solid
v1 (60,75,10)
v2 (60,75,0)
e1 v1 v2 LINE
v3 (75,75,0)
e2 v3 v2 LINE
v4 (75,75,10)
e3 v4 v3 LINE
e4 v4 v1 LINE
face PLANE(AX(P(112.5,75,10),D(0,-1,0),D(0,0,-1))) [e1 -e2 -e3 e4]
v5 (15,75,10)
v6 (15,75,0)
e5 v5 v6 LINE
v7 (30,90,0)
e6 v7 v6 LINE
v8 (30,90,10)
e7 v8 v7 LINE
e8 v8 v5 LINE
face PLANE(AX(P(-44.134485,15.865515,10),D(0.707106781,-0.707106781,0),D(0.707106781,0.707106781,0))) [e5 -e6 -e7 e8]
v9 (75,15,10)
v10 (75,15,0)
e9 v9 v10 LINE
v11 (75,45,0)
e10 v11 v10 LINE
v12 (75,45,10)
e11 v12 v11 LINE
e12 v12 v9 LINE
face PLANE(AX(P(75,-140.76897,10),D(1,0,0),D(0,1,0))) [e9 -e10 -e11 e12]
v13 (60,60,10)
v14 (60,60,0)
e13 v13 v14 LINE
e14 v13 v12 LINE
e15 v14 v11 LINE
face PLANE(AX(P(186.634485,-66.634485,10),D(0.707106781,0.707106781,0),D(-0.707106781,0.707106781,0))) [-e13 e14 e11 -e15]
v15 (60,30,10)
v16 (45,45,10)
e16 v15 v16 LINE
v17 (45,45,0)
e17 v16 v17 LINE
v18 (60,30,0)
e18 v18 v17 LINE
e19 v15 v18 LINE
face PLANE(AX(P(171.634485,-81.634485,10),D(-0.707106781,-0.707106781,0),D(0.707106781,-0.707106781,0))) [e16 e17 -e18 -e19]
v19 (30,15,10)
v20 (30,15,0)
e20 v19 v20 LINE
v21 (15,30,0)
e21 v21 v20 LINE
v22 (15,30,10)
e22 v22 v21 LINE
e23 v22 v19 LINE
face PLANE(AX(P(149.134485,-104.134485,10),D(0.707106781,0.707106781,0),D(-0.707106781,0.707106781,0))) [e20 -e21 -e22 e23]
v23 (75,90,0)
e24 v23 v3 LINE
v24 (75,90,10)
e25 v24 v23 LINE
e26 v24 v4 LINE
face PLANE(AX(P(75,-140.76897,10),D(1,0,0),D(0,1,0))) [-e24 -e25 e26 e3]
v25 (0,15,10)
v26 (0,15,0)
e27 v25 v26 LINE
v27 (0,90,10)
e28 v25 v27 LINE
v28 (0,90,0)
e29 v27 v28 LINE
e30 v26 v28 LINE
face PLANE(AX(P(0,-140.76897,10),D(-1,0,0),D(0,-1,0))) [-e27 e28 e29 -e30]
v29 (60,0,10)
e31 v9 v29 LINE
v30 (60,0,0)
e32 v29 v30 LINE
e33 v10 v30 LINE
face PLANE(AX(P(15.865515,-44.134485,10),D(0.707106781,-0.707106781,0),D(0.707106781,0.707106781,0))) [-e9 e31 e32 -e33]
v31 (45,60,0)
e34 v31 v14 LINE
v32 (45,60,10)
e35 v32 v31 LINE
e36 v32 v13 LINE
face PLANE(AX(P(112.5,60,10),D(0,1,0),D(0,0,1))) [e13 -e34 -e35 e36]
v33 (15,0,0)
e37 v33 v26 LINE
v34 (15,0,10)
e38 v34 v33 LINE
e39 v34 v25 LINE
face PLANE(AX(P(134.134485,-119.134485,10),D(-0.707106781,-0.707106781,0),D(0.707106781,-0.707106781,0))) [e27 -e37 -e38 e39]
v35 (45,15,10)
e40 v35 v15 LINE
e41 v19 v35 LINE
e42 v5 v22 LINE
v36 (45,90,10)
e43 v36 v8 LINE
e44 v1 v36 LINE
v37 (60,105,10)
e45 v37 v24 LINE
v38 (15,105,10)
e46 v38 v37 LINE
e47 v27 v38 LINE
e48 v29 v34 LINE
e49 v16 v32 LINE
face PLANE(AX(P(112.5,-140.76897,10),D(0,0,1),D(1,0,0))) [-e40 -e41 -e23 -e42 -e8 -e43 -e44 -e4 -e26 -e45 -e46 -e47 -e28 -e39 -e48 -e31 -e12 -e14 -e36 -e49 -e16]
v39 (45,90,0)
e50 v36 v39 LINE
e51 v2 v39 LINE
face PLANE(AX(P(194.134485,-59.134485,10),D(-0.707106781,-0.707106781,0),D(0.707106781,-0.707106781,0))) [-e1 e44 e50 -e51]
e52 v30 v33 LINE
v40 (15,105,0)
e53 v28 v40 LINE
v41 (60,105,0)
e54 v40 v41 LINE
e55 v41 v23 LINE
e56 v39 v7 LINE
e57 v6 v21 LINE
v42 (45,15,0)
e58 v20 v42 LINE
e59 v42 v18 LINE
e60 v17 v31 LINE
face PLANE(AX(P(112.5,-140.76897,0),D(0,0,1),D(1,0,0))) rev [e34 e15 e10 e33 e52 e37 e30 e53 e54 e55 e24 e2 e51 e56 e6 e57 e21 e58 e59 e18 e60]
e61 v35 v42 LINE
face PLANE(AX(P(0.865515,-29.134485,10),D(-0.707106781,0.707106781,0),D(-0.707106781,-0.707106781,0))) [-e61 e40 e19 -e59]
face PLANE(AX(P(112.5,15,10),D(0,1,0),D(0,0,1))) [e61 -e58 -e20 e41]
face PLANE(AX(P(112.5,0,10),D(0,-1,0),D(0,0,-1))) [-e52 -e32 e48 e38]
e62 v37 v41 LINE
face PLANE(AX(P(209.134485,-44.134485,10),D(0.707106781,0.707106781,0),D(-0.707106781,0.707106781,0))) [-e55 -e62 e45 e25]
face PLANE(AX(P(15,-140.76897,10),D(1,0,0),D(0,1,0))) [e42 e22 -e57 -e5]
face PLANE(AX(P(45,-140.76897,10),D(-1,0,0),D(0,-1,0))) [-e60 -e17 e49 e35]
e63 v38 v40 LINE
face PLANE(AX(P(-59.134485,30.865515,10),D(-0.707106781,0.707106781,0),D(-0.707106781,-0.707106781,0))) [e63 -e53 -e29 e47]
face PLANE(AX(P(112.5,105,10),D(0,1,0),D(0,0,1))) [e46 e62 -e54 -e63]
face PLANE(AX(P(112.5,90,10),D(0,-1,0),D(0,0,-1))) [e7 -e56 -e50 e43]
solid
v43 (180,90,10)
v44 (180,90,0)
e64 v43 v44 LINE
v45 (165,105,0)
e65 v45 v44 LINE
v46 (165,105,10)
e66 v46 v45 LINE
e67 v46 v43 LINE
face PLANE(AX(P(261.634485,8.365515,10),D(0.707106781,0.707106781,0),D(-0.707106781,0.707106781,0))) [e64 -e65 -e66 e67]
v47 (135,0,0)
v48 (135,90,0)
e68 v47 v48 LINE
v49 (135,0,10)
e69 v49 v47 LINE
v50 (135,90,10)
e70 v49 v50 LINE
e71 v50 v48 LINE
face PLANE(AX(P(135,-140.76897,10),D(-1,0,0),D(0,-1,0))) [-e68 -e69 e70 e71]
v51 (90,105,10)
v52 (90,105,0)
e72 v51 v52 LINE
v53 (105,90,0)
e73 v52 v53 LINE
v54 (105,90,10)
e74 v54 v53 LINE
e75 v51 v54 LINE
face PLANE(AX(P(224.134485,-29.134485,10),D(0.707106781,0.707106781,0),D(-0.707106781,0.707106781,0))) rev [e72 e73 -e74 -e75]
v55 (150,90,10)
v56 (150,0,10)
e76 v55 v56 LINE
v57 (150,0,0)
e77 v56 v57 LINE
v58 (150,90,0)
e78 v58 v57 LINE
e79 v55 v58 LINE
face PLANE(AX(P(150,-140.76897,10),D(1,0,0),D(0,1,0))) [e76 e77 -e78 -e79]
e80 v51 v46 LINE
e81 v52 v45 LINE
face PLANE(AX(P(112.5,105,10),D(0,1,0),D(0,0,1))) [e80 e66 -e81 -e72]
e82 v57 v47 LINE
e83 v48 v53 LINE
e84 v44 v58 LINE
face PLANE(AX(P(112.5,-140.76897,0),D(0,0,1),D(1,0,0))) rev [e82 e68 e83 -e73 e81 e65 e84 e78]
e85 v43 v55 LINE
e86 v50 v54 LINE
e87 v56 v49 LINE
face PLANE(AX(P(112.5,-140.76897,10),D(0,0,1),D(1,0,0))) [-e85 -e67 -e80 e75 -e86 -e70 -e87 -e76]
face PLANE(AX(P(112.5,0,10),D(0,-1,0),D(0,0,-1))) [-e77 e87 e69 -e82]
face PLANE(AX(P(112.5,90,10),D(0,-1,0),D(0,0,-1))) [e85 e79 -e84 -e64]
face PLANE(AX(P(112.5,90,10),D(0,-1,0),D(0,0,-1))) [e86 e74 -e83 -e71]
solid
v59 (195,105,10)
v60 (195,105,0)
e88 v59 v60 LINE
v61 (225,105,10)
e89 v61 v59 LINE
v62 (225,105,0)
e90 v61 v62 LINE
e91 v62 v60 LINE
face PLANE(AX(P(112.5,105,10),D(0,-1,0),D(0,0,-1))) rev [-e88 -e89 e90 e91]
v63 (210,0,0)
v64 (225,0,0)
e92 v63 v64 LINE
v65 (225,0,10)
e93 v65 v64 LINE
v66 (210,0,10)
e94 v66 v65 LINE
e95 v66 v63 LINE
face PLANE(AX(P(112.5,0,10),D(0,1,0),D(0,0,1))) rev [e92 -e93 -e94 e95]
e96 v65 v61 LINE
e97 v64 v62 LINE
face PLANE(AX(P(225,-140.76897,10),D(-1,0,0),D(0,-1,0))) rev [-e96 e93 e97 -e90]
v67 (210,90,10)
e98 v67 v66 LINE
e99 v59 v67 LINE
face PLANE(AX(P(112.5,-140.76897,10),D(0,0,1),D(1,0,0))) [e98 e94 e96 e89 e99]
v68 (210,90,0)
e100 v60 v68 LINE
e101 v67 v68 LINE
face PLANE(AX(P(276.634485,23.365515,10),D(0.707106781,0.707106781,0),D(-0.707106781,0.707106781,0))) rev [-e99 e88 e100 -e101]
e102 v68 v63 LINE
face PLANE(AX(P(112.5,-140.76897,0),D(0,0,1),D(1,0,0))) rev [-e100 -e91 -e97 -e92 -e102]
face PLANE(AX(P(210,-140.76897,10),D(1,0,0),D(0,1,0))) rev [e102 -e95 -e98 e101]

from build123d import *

# Parameters (mm, degrees)
SKETCH2_W      = 15
SKETCH2_H      = 90
EXTRUDE1_DEPTH = 10


with BuildPart() as part:
    # Sketch2 → Extrude1 (new body)
    with BuildSketch(Plane.XY):
        Polygon((75, 15), (60, 0), (15, 0), (0, 15), (0, 90), (15, 105), (60, 105), (75, 90), (75, 75), (60, 75), (45, 90), (30, 90), (15, 75), (15, 30), (30, 15), (45, 15), (60, 30), (45, 45), (45, 60), (60, 60), (75, 45), align=None)
        Polygon((180, 90), (165, 90), (135, 90), (120, 90), (105, 90), (90, 105), (150, 105), (165, 105), align=None)
        Polygon((225, 0), (225, 105), (195, 105), (210, 90), (210, 0), align=None)
        with Locations((142.5, 45)):
            Rectangle(SKETCH2_W, SKETCH2_H)
    extrude(amount=EXTRUDE1_DEPTH)


solid = part.part
